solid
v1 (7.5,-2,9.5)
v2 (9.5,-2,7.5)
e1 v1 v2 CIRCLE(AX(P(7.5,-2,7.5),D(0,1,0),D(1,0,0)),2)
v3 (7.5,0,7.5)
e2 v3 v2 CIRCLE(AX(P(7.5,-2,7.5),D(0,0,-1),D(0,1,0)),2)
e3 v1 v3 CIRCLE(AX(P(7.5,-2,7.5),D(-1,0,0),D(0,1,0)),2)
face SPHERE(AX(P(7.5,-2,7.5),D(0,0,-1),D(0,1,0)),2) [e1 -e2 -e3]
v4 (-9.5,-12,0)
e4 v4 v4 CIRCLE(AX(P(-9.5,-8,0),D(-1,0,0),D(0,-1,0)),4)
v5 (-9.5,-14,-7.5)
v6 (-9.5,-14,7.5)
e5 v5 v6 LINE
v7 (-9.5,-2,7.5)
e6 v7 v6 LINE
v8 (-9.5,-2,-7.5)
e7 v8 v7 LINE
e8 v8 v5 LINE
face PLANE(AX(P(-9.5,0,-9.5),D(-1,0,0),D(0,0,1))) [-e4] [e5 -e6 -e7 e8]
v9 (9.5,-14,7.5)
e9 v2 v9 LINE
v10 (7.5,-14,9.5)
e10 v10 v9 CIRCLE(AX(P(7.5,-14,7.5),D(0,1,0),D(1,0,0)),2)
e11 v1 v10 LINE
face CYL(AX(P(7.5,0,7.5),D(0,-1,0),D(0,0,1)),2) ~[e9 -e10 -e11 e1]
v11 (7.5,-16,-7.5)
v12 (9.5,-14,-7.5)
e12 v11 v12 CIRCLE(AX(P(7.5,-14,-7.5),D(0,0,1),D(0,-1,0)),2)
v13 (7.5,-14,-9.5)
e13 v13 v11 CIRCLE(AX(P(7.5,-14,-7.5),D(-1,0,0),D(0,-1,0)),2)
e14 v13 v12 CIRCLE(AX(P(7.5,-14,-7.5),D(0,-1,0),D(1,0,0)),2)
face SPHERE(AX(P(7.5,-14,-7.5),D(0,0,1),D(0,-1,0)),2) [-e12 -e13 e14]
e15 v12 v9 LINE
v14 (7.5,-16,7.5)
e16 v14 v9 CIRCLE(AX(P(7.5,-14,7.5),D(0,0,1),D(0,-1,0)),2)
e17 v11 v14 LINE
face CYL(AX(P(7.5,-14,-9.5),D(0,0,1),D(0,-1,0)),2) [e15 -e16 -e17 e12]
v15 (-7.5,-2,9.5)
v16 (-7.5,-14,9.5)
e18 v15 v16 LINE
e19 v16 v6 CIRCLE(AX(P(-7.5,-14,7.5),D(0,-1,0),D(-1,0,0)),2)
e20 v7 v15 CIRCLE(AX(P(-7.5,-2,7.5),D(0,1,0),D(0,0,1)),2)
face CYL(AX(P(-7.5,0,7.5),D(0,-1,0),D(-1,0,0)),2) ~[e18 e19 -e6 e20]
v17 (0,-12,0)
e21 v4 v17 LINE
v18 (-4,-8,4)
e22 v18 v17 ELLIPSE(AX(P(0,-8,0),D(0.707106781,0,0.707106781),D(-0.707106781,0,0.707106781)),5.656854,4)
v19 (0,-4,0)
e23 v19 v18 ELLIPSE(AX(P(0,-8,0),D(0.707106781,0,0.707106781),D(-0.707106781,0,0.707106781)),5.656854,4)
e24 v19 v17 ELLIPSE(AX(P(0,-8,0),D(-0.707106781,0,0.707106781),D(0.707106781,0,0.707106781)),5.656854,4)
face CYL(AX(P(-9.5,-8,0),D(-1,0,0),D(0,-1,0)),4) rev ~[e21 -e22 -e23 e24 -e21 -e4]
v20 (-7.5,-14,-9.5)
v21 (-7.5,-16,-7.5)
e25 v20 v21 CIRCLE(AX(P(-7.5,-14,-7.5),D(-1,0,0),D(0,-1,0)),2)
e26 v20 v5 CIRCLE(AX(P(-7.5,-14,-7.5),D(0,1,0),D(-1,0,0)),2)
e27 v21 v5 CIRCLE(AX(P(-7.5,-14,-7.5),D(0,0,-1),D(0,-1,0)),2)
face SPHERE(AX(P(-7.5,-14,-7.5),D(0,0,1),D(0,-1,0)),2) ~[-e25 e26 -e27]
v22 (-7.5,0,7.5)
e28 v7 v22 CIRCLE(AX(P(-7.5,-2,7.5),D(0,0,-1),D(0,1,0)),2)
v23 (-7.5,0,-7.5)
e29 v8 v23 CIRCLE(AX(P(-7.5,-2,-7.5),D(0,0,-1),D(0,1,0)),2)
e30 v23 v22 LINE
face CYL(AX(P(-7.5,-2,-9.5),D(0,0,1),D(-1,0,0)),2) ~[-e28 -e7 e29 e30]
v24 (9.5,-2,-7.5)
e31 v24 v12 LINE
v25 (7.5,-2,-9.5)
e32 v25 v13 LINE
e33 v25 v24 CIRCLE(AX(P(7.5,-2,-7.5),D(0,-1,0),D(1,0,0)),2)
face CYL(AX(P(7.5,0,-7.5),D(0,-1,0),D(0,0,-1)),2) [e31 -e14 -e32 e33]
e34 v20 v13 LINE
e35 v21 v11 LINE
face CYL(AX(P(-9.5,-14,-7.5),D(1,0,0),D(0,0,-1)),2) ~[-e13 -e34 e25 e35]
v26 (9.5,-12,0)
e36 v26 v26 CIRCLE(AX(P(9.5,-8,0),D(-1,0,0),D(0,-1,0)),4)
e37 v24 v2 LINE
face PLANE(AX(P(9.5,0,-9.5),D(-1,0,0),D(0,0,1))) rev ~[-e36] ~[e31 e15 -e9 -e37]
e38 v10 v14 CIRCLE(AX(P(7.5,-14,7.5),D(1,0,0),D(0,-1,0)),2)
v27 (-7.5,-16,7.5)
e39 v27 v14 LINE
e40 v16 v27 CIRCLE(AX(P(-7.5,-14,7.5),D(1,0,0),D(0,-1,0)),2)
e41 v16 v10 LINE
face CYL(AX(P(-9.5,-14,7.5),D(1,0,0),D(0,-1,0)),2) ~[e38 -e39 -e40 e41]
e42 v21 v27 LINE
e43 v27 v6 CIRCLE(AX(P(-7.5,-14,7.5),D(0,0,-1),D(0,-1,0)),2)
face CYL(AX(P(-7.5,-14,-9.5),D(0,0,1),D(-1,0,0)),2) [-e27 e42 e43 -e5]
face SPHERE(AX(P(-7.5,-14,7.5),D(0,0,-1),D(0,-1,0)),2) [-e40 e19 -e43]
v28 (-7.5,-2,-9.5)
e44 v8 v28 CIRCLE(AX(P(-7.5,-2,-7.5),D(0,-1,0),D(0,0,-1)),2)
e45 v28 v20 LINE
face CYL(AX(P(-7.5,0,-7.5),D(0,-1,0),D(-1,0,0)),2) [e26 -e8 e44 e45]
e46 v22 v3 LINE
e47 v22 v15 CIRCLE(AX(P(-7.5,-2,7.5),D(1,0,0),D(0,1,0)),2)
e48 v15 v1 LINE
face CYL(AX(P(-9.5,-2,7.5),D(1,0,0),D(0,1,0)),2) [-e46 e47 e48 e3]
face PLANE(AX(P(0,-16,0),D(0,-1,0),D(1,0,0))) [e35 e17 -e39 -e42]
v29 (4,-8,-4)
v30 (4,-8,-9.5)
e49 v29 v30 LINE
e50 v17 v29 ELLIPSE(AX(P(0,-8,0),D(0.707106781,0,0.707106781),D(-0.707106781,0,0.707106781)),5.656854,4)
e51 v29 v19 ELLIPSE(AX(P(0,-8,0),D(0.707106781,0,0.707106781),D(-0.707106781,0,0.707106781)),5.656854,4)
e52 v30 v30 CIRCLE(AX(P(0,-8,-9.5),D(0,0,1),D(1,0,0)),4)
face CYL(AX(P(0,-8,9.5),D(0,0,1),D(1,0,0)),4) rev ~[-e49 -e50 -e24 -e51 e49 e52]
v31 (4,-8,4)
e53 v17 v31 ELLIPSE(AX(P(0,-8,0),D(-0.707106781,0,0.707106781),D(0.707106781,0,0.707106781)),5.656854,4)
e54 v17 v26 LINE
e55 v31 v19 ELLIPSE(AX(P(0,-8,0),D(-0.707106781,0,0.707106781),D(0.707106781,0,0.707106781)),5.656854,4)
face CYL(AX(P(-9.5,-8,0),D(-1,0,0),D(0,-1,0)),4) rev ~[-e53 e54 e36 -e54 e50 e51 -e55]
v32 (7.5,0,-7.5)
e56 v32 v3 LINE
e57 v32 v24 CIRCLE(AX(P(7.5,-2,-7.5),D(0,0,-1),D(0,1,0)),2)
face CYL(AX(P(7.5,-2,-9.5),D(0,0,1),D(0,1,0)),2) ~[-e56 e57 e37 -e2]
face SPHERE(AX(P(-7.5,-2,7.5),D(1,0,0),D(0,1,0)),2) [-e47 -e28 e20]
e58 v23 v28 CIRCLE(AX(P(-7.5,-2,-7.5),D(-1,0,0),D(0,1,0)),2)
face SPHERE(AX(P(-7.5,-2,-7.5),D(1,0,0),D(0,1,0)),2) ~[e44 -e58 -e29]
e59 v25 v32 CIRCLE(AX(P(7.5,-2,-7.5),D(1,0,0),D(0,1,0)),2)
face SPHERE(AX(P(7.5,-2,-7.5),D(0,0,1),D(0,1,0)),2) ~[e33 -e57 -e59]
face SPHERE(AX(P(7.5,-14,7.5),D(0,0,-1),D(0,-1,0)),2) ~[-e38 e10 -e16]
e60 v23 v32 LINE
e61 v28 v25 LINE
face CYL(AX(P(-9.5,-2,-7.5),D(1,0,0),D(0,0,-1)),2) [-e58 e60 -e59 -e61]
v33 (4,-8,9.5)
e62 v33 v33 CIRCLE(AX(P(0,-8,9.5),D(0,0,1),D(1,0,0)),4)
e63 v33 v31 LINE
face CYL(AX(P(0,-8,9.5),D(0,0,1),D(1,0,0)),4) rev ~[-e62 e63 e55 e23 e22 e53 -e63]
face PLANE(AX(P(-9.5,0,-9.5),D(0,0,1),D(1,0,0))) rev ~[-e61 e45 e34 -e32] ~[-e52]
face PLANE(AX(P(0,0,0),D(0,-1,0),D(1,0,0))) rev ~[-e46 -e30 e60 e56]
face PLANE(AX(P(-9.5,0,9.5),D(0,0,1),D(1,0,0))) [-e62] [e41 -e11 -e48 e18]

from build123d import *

# Parameters (mm, degrees)
F0_W     = 19
F0_H     = 19
F1_DEPTH = 16
F2_R     = 4
F3_DEPTH = 19
F4_R     = 4
F5_DEPTH = 19
F6_R     = 2


with BuildPart() as f1:
    # F0 (on Front) → F1 (new body)
    with BuildSketch(Plane.XZ):
        Rectangle(F0_W, F0_H)
    extrude(amount=F1_DEPTH)

    # F2 (on face) → F3 (cut)
    with BuildSketch(Plane.XY.offset(9.5)):
        with Locations((0, -8)):
            Circle(F2_R)
    extrude(amount=-F3_DEPTH, mode=Mode.SUBTRACT)

    # F4 (on face) → F5 (cut)
    with BuildSketch(Plane(origin=(-9.5, 0, 0), x_dir=(0, -1, 0), z_dir=(-1, 0, 0))):
        with Locations((8, 0)):
            Circle(F4_R)
    extrude(amount=-F5_DEPTH, mode=Mode.SUBTRACT)

    # F6
    f6_edges = [f1.edges().sort_by_distance(p)[0] for p in [
        (9.5, 0, 0),
        (0, 0, 9.5),
        (0, 0, -9.5),
        (-9.5, 0, 0),
        (-9.5, -16, 0),
        (9.5, -16, 0),
        (0, -16, -9.5),
        (0, -16, 9.5),
        (-9.5, -8, -9.5),
        (9.5, -8, -9.5),
        (9.5, -8, 9.5),
        (-9.5, -8, 9.5),
    ]]
    fillet(f6_edges, radius=F6_R)


solid = f1.part
